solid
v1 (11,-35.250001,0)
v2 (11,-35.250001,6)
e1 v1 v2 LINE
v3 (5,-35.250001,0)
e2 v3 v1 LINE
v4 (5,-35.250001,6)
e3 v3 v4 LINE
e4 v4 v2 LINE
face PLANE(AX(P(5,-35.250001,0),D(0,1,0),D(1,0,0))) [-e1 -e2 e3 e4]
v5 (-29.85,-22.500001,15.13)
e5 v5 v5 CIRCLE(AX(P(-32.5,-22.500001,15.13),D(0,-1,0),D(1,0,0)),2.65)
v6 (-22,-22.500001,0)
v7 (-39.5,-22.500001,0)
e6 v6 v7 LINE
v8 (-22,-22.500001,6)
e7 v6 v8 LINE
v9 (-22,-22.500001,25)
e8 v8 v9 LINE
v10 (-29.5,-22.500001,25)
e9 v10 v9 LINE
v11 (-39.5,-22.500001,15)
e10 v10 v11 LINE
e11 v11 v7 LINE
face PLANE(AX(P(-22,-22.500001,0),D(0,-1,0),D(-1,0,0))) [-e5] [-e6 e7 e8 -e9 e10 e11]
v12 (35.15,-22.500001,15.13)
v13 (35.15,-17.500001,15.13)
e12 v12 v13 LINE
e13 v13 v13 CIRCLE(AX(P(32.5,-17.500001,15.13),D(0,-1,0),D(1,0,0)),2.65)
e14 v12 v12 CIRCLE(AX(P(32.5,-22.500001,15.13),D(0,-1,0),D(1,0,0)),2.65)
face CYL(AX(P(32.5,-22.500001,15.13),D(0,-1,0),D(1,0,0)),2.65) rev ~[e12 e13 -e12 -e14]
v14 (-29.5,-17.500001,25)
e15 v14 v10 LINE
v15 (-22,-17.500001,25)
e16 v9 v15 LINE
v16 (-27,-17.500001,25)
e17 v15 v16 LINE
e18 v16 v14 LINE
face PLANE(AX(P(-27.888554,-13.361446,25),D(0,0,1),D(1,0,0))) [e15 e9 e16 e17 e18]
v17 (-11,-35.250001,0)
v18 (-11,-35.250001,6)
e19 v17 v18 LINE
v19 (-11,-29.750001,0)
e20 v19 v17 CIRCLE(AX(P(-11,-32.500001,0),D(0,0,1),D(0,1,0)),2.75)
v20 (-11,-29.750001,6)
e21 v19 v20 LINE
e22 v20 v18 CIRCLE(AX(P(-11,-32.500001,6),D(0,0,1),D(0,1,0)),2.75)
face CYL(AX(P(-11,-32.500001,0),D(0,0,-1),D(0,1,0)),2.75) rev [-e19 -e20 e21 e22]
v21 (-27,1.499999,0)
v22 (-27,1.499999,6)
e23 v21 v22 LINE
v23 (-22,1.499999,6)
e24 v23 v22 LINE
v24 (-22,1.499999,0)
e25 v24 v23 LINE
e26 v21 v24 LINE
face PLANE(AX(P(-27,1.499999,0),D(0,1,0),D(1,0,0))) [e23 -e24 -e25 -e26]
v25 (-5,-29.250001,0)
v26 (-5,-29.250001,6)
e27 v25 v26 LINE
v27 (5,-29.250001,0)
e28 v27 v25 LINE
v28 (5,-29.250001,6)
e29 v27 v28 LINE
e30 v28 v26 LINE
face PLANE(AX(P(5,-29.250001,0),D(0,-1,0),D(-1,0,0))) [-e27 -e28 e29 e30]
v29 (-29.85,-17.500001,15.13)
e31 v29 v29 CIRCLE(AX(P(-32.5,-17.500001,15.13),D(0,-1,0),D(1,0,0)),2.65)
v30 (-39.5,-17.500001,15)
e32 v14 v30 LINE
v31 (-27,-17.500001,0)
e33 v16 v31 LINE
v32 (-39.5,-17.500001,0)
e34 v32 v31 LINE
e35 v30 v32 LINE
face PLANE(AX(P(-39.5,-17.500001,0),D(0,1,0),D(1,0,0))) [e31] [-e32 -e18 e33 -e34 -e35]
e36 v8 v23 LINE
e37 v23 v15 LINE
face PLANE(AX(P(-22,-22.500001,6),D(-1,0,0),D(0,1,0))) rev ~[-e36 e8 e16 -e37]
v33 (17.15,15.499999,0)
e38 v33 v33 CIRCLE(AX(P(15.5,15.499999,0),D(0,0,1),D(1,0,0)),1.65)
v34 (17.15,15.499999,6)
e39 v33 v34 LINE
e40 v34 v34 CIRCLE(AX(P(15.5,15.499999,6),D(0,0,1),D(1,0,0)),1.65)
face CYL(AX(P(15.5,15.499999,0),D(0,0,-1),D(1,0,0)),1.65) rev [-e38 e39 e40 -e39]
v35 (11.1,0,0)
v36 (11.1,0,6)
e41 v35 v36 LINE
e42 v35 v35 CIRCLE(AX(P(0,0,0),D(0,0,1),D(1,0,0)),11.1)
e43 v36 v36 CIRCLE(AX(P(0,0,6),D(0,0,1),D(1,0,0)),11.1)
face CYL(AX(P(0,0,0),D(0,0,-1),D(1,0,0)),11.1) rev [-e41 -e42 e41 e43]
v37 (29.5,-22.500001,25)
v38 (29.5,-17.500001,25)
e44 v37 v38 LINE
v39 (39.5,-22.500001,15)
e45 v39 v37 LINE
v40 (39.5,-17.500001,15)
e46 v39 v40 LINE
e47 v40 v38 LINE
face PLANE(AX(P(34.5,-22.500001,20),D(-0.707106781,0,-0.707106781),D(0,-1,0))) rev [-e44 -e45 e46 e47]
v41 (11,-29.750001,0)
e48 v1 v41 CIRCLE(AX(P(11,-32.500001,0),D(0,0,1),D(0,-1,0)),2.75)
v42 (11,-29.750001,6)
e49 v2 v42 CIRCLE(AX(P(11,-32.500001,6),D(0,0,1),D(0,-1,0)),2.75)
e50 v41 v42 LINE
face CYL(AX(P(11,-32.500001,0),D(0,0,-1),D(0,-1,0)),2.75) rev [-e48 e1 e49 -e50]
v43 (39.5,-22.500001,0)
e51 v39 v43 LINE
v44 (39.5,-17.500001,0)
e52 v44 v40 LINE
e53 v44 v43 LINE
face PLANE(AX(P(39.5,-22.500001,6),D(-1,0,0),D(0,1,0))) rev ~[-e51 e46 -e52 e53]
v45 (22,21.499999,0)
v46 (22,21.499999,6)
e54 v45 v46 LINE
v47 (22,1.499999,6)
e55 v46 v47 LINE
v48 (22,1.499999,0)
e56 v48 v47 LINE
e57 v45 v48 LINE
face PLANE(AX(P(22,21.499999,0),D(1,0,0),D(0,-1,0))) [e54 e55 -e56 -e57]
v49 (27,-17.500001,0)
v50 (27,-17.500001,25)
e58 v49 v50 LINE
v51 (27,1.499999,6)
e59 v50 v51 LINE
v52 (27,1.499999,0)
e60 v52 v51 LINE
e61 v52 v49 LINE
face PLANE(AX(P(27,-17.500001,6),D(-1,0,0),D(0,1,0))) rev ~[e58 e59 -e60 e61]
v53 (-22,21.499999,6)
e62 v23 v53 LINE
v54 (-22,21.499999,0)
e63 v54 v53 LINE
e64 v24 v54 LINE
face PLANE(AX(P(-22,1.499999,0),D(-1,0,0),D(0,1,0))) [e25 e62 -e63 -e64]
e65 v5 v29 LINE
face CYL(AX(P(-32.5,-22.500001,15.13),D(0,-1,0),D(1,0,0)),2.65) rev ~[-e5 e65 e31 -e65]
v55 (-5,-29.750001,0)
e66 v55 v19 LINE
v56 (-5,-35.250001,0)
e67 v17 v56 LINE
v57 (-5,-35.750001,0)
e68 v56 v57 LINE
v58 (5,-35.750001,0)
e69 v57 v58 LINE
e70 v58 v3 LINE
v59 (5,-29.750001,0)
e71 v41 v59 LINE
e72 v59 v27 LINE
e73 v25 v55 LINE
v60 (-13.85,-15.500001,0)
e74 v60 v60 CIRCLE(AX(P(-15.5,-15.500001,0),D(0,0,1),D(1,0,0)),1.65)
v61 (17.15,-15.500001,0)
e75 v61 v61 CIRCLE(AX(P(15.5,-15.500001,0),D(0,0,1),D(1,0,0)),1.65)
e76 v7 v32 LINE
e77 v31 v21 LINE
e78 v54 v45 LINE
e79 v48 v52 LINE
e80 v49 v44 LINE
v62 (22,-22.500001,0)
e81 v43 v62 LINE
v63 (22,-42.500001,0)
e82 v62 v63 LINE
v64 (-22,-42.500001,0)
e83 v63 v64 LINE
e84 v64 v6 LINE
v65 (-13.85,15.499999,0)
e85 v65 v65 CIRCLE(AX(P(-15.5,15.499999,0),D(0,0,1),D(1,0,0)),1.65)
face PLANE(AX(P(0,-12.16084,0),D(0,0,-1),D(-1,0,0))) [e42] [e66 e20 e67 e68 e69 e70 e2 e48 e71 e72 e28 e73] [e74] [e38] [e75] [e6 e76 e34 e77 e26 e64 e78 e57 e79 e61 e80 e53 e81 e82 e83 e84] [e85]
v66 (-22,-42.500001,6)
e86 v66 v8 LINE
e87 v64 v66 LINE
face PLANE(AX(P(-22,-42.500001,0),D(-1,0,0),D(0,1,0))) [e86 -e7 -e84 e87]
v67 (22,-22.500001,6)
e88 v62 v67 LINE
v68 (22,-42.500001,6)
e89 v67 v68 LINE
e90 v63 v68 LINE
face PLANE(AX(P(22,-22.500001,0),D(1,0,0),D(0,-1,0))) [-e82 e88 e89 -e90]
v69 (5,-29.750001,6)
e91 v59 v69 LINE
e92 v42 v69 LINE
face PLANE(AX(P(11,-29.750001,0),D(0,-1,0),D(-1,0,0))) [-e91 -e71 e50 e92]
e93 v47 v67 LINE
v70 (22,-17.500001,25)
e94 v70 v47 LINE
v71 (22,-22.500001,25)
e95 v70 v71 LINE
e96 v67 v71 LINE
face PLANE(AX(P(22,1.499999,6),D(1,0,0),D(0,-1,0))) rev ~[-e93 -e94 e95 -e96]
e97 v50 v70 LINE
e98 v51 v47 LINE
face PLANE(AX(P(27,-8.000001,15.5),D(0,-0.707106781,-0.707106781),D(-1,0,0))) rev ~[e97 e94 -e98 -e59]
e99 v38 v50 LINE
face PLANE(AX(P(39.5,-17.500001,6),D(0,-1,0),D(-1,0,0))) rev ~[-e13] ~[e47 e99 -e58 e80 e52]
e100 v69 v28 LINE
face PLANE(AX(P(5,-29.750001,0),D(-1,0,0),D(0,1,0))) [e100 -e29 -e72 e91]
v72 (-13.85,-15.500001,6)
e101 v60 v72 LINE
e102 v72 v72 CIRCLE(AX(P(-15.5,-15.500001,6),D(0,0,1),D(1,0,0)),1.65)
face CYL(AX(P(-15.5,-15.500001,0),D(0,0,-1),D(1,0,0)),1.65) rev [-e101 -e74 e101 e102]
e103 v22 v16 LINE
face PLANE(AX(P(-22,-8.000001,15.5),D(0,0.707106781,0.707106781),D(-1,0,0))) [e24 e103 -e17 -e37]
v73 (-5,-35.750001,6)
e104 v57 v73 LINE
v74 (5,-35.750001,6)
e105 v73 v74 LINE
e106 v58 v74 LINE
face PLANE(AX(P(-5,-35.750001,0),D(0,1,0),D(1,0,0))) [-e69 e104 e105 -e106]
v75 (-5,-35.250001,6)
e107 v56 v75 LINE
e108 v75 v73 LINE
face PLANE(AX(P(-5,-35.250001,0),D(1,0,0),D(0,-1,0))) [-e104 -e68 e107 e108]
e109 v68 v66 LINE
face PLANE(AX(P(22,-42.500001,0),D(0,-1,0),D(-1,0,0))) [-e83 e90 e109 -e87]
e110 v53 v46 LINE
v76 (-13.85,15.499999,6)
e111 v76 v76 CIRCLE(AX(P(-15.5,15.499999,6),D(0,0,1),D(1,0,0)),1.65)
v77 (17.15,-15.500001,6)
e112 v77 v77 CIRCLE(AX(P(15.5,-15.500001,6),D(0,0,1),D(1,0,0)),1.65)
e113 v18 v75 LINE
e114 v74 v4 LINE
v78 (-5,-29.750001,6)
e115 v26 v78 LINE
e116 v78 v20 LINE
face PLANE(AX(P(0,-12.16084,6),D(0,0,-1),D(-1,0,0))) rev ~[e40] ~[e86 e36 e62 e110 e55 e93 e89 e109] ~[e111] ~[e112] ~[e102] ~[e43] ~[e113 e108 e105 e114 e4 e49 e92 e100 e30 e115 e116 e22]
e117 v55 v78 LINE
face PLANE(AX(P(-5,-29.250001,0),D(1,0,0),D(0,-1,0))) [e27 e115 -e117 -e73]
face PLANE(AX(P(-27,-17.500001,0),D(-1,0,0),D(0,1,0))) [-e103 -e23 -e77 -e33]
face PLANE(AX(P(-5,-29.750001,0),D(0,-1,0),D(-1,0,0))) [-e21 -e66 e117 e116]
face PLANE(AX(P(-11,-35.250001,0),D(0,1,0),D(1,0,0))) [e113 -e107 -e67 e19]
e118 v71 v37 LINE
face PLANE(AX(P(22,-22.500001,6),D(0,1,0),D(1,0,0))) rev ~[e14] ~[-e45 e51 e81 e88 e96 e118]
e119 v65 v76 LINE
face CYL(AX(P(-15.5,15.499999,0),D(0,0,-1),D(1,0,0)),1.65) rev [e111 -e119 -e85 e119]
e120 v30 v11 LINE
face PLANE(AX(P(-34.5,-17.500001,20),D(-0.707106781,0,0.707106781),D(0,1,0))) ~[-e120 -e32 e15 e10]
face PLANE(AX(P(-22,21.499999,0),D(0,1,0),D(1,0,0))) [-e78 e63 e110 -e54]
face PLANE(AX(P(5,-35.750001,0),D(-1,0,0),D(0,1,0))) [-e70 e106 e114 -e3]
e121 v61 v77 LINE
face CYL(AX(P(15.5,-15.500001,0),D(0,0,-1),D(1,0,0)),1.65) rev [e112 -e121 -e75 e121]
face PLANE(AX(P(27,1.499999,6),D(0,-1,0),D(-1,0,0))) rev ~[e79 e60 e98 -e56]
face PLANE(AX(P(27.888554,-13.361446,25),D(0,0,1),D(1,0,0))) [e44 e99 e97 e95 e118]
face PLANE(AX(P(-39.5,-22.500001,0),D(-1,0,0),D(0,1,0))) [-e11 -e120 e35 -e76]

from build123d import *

# Parameters (mm, degrees)
ESBO_O1_R                = 1.65
ESBO_O1_R_2              = 11.1
RESSALTO_EXTRUS_O1_DEPTH = 6
RESSALTO_EXTRUS_O2_DEPTH = 19
CHANFRO1_SIZE            = 10
CHANFRO2_SIZE            = 19
CORTE_EXTRUS_O1_REACH    = 66.197
ESBO_O3_R                = 2.65


with BuildPart() as part:
    # Esboço1 → Ressalto-extrusão1 (new body)
    with BuildSketch(Plane.XY):
        Polygon((39.50000006, -17.500000656), (39.50000006, -22.500000656), (22.00000006, -22.500000656), (22.00000006, -42.500000656), (-21.99999994, -42.500000656), (-21.99999994, -22.500000656), (-39.49999994, -22.500000656), (-39.49999994, -17.500000656), (-26.99999994, -17.500000656), (-26.99999994, 1.499999344), (-21.99999994, 1.499999344), (-21.99999994, 21.499999344), (22.00000006, 21.499999344), (22.00000006, 1.499999344), (27.00000006, 1.499999344), (27.00000006, -17.500000656), align=None)
        with Locations((15.50000006, 15.499999344)):
            Circle(ESBO_O1_R, mode=Mode.SUBTRACT)
        with Locations((15.50000006, -15.500000656)):
            Circle(ESBO_O1_R, mode=Mode.SUBTRACT)
        with Locations((-15.49999994, 15.499999344)):
            Circle(ESBO_O1_R, mode=Mode.SUBTRACT)
        with Locations((-15.49999994, -15.500000656)):
            Circle(ESBO_O1_R, mode=Mode.SUBTRACT)
        Circle(ESBO_O1_R_2, mode=Mode.SUBTRACT)
        with BuildLine():
            Line((-4.99999994, -35.250000656), (-4.99999994, -35.750000656))
            Line((-4.99999994, -35.750000656), (5.00000006, -35.750000656))
            Line((5.00000006, -35.750000656), (5.00000006, -35.250000656))
            Line((5.00000006, -35.250000656), (11.00000006, -35.250000656))
            ThreePointArc((11.00000006, -35.250000656), (13.75000006, -32.500000656), (11.00000006, -29.750000656))
            Line((11.00000006, -29.750000656), (5.00000006, -29.750000656))
            Line((5.00000006, -29.750000656), (5.00000006, -29.250000656))
            Line((5.00000006, -29.250000656), (-4.99999994, -29.250000656))
            Line((-4.99999994, -29.250000656), (-4.99999994, -29.750000656))
            Line((-4.99999994, -29.750000656), (-10.99999994, -29.750000656))
            ThreePointArc((-10.99999994, -29.750000656), (-13.74999994, -32.500000656), (-10.99999994, -35.250000656))
            Line((-10.99999994, -35.250000656), (-4.99999994, -35.250000656))
        make_face(mode=Mode.SUBTRACT)
    extrude(amount=RESSALTO_EXTRUS_O1_DEPTH)

    # Esboço2 → Ressalto-extrusão2 (add)
    with BuildSketch(Plane.XY.offset(6)):
        Polygon((39.50000006, -22.500000656), (39.50000006, -17.500000656), (27.00000006, -17.500000656), (27.00000006, 1.499999344), (22.00000006, 1.499999344), (22.00000006, -22.500000656), align=None)
        Polygon((-39.49999994, -22.500000656), (-21.99999994, -22.500000656), (-21.99999994, 1.499999344), (-26.99999994, 1.499999344), (-26.99999994, -17.500000656), (-39.49999994, -17.500000656), align=None)
    extrude(amount=RESSALTO_EXTRUS_O2_DEPTH)

    # Chanfro1
    chanfro1_edges = [part.edges().sort_by_distance(p)[0] for p in [
        (39.50000006, -20.000000656, 25),
        (-39.49999994, -20.000000656, 25),
    ]]
    chamfer(chanfro1_edges, length=CHANFRO1_SIZE)

    # Chanfro2
    chanfro2_edges = [part.edges().sort_by_distance(p)[0] for p in [
        (-24.49999994, 1.499999344, 25),
        (24.50000006, 1.499999344, 25),
    ]]
    chamfer(chanfro2_edges, length=CHANFRO2_SIZE)

    # Esboço3 → Corte-extrusão1 (cut, up to next)
    with BuildSketch(Plane.XZ.offset(22.500000656), mode=Mode.PRIVATE) as corte_extrus_o1_sk1:
        with Locations((32.50000006, 15.13)):
            Circle(ESBO_O3_R)
    corte_extrus_o1_tool1 = extrude(corte_extrus_o1_sk1.sketch, amount=-CORTE_EXTRUS_O1_REACH, mode=Mode.PRIVATE) & part.part
    # Esboço3 → Corte-extrusão1 (cut, up to next)
    with BuildSketch(Plane.XZ.offset(22.500000656), mode=Mode.PRIVATE) as corte_extrus_o1_sk2:
        with Locations((-32.49999994, 15.13)):
            Circle(ESBO_O3_R)
    corte_extrus_o1_tool2 = extrude(corte_extrus_o1_sk2.sketch, amount=-CORTE_EXTRUS_O1_REACH, mode=Mode.PRIVATE) & part.part
    add(corte_extrus_o1_tool1.solids().sort_by_distance((32.5, -22.500001, 15.13))[0], mode=Mode.SUBTRACT)
    add(corte_extrus_o1_tool2.solids().sort_by_distance((-32.5, -22.500001, 15.13))[0], mode=Mode.SUBTRACT)


solid = part.part
